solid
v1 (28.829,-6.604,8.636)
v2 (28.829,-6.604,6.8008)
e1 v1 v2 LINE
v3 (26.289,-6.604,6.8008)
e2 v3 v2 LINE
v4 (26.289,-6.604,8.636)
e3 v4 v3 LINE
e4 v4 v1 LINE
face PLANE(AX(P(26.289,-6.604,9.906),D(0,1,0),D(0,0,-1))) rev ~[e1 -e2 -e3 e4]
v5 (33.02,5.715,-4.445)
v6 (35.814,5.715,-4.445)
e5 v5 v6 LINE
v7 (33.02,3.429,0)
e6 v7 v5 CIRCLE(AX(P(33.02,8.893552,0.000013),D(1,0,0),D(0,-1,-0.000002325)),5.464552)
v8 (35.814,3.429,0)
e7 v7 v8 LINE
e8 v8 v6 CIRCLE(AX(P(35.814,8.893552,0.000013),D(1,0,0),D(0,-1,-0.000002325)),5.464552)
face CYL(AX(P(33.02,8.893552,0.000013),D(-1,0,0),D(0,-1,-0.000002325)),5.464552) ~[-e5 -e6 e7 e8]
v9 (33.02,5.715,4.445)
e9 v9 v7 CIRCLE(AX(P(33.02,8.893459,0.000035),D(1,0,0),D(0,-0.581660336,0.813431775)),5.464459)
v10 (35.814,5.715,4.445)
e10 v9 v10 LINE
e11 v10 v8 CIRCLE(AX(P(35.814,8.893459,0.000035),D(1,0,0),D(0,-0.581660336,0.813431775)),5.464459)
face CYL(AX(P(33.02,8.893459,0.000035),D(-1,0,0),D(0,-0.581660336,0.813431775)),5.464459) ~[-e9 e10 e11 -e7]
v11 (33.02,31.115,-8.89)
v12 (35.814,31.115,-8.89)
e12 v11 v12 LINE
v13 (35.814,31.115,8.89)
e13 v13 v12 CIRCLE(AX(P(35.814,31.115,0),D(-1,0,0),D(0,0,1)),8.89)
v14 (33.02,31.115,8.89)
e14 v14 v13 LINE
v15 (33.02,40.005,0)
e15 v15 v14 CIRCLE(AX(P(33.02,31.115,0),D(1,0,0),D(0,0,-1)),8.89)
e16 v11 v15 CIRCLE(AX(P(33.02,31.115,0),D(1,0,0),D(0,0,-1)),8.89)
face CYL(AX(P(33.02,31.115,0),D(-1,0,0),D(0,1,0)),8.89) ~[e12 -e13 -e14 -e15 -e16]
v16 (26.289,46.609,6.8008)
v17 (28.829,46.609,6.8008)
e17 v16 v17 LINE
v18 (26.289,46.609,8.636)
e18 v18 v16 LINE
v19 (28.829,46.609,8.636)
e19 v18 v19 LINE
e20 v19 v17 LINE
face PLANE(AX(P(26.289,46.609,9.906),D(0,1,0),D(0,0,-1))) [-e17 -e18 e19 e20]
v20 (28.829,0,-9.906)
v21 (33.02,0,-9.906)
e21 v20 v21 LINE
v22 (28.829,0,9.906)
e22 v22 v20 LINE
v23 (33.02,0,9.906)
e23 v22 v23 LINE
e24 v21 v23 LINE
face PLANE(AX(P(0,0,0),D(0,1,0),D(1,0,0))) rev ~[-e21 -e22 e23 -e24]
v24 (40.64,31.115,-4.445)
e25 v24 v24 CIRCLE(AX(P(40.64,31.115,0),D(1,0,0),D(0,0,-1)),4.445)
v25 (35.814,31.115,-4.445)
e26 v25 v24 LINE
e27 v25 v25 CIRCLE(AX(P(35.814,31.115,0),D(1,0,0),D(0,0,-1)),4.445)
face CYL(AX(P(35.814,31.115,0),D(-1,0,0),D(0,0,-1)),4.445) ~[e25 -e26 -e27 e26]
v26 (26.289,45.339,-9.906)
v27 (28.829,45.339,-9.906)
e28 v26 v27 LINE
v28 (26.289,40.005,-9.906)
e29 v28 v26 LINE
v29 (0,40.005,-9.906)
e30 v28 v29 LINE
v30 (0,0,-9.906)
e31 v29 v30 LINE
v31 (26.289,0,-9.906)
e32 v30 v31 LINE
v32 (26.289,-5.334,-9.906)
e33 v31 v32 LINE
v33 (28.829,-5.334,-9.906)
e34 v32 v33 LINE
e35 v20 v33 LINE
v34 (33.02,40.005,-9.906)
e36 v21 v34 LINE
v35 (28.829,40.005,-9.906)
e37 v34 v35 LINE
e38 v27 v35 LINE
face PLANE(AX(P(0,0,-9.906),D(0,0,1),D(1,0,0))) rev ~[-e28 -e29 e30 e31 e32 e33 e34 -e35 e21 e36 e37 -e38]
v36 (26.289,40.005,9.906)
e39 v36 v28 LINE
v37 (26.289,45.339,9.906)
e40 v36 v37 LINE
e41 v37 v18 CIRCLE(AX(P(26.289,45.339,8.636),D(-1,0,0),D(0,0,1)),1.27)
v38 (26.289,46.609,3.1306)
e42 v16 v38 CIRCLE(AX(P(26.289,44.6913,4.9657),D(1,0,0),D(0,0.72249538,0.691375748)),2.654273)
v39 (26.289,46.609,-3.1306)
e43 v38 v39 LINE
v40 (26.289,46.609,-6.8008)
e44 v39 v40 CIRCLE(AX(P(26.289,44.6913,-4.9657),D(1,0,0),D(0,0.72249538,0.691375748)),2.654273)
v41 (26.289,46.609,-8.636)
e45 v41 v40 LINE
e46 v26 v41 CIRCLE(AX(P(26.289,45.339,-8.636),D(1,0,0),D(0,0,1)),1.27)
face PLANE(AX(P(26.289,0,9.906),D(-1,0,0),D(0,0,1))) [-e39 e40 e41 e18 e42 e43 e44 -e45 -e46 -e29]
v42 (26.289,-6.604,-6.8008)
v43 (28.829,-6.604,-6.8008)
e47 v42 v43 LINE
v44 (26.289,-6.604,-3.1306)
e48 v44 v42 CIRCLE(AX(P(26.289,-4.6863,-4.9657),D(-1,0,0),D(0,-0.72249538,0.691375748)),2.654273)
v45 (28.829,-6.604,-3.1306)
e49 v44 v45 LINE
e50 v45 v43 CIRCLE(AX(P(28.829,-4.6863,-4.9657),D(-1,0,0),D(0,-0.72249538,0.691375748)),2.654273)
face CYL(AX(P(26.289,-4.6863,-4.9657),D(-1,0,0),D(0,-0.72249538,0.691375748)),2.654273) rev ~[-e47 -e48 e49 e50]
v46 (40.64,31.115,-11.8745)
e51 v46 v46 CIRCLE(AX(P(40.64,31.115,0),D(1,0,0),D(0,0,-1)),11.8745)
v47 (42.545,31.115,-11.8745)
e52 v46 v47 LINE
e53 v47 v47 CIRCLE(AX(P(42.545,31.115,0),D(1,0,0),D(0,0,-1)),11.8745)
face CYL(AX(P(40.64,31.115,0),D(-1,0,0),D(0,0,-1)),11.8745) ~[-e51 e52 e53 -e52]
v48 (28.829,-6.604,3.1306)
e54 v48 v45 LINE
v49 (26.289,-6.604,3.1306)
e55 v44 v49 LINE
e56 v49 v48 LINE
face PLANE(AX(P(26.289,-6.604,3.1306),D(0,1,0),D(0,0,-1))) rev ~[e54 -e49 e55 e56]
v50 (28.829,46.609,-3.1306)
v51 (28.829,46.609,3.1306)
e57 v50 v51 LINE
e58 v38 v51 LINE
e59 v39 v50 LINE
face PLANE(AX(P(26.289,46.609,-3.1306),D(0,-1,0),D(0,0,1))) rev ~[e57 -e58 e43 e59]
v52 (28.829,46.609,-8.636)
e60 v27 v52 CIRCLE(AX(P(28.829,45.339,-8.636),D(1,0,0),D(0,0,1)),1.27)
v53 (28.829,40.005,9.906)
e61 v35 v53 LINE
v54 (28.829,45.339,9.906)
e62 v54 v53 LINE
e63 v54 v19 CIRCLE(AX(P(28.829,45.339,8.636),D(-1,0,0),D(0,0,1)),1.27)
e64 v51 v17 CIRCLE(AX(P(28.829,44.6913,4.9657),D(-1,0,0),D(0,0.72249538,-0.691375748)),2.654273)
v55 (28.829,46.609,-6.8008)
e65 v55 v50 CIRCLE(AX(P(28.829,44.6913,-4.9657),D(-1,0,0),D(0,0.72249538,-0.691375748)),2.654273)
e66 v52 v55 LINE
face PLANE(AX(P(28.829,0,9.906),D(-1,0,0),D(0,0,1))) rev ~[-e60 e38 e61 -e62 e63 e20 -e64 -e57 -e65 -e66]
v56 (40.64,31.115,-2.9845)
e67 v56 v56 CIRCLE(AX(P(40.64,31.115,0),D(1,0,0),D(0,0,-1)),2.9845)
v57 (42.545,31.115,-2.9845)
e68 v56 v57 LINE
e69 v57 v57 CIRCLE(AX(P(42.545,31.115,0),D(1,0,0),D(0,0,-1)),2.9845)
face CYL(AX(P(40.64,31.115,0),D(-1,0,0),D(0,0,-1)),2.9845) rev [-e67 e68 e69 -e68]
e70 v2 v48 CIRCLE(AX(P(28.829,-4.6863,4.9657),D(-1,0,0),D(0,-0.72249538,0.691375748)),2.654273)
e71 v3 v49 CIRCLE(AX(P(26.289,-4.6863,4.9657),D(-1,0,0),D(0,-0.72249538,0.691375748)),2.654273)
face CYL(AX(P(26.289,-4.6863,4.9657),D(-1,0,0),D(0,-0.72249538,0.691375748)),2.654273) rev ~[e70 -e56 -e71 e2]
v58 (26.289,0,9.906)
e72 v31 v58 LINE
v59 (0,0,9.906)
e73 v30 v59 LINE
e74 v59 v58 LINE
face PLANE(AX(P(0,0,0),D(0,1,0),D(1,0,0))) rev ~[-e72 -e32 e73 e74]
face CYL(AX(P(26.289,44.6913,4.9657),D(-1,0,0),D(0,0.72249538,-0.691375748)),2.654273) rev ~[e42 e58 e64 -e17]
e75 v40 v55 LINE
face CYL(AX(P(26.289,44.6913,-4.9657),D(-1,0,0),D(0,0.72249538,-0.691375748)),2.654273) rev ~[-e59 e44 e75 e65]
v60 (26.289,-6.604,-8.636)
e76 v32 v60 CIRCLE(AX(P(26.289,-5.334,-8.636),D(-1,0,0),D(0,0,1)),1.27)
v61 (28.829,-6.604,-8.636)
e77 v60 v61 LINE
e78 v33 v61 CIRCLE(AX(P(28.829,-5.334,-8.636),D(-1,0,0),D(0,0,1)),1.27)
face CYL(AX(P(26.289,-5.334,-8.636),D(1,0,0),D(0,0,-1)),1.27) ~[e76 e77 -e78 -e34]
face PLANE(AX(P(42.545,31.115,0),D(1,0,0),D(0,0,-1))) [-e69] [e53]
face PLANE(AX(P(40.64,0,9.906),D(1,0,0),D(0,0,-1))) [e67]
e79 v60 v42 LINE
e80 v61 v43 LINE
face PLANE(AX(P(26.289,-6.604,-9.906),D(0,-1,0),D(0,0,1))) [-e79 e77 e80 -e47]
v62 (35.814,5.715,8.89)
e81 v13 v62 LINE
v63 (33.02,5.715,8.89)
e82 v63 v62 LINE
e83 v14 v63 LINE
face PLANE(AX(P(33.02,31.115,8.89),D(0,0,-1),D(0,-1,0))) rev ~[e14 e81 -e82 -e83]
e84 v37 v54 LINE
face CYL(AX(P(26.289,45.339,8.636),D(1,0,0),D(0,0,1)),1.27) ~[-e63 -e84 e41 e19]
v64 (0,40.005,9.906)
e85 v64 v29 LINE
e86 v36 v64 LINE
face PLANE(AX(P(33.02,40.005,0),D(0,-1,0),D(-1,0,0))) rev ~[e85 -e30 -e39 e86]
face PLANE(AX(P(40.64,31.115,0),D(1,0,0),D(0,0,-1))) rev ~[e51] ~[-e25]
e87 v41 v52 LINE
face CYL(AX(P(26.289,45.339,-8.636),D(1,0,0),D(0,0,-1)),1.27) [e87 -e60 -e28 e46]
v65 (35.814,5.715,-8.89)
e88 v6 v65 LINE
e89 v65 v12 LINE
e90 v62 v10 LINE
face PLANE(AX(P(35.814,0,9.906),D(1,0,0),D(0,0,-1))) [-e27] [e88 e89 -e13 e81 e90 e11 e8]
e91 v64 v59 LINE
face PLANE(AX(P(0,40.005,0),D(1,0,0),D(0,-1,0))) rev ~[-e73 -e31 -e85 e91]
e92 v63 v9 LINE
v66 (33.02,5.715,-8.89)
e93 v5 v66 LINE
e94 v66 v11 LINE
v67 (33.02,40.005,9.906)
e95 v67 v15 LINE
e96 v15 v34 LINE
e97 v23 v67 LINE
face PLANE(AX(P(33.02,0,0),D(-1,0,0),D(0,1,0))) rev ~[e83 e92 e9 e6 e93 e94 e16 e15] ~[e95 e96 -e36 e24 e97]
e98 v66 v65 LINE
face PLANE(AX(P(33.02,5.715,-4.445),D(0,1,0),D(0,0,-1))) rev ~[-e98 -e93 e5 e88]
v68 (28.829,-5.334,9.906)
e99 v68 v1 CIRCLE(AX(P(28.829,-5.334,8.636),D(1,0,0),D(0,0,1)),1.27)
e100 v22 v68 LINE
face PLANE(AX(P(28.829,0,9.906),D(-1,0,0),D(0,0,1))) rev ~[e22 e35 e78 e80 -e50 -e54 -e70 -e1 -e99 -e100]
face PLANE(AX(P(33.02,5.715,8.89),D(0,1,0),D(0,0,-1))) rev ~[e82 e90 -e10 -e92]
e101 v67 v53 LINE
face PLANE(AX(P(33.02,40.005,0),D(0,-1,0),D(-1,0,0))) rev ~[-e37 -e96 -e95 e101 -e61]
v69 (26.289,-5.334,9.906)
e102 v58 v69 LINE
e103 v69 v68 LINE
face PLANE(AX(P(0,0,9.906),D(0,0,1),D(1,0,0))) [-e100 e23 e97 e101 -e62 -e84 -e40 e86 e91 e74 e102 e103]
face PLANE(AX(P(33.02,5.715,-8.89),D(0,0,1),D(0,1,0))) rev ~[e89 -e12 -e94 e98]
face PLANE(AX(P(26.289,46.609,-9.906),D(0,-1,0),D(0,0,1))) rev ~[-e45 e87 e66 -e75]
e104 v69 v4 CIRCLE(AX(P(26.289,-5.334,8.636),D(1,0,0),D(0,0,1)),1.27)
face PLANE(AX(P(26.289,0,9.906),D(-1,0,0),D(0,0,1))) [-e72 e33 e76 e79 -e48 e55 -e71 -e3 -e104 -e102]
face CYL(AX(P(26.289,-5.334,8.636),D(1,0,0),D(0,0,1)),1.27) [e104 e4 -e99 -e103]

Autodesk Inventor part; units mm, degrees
ref_plane "YZ Plane" through (0, 0, 0) normal (1, 0, 0) x (0, 1, 0)
ref_plane "XZ Plane" through (0, 0, 0) normal (0, 1, 0) x (-1, 0, 0)
ref_plane "XY Plane" through (0, 0, 0) normal (0, 0, 1) x (1, 0, 0)
sketch "Sketch1" plane through (0, 0, 0) normal (0, 0, 1) x (1, 0, 0)
  line L0 (0, 0) -> (33.02, 0)
  line L1 (33.02, 0) -> (33.02, 40.005)
  line L2 (33.02, 40.005) -> (0, 40.005)
  line L3 (0, 40.005) -> (0, 0)
  dimension "d0" = 33.02
  dimension "d1" = 40.005
extrude "Extrusion1" add sketch "Sketch1" along normal mid plane 19.812
ref_plane "Work Plane1" through (26.289, 0, 9.906) normal (-1, 0, 0) x (0, 0, 1)
sketch "Sketch2" plane through (26.289, 0, 9.906) normal (-1, 0, 0) x (0, 0, 1)
  line L0 (-19.812, 40.005) -> (0, 40.005) projected
  line L1 (-19.812, 0) -> (0, 0) projected
  line L2 (-9.906, 40.005) -> (0, 40.005)
  line L3 (0, 40.005) -> (0, 46.609)
  line L4 (-9.906, 46.609) -> (-9.906, 44.323)
  arc A0 (-6.7754, 46.609) -> (-3.1052, 46.609) centre (-4.9403, 44.6913) ccw
  line L5 (0, 44.6913) -> (-2.286, 44.6913)
  line L6 (-4.9403, 40.005) -> (-4.9403, 42.037)
  line L7 (-9.906, 40.005) -> (-9.2583, 40.005)
  line L8 (-9.2583, 40.005) -> (-9.2583, 44.323)
  line L9 (-9.2583, 44.323) -> (-9.906, 44.323)
  line L10 (-9.906, 44.323) -> (-9.906, 40.005)
  line L11 (0, 46.609) -> (-3.1052, 46.609)
  line L12 (-6.7754, 46.609) -> (-9.906, 46.609)
  line L13 (-9.906, 40.005) -> (-19.812, 40.005)
  line L14 (-19.812, 40.005) -> (-19.812, 46.609)
  arc A1 (-16.7068, 46.609) -> (-13.0366, 46.609) centre (-14.8717, 44.6913) ccw
  line L15 (-19.812, 44.6913) -> (-17.526, 44.6913)
  line L16 (-14.8717, 40.005) -> (-14.8717, 42.037)
  line L17 (-10.5537, 40.005) -> (-10.5537, 44.323)
  line L18 (-10.5537, 44.323) -> (-9.906, 44.323)
  line L19 (-19.812, 46.609) -> (-16.7068, 46.609)
  line L20 (-13.0366, 46.609) -> (-9.906, 46.609)
  line L21 (0, 0) -> (0, 40.005) projected
  line L22 (-19.812, 40.005) -> (-19.812, 0) projected
  line L23 (0, 20.0025) -> (-19.812, 20.0025) construction
  line L24 (-19.812, 0) -> (0, 0)
  line L25 (0, 0) -> (0, -6.604)
  arc A2 (-3.1052, -6.604) -> (-6.7754, -6.604) centre (-4.9403, -4.6863) ccw
  line L26 (-9.2583, 0) -> (-9.2583, -4.318)
  line L27 (-9.2583, -4.318) -> (-9.906, -4.318)
  line L28 (0, -6.604) -> (-3.1052, -6.604)
  line L29 (-6.7754, -6.604) -> (-9.906, -6.604)
  line L30 (-19.812, -6.604) -> (-16.7068, -6.604)
  line L31 (-19.812, 0) -> (-19.812, -6.604)
  arc A3 (-13.0366, -6.604) -> (-16.7068, -6.604) centre (-14.8717, -4.6863) ccw
  line L32 (-9.906, 0) -> (-19.812, 0)
  line L33 (-10.5537, 0) -> (-10.5537, -4.318)
  line L34 (-10.5537, -4.318) -> (-9.906, -4.318)
  line L35 (-13.0366, -6.604) -> (-9.906, -6.604)
  dimension "d5" = 6.604
  dimension "d6" = 2.286
  dimension "d7" = 2.032
  dimension "d8" = 0.6477
  dimension "d9" = 4.318
  dimension "d11" = 4.318
extrude "Extrusion2" add sketch "Sketch2" against normal blind 2.54 contours L14 L15 A1 L16 L0 | L16 A1 L20 L4 L18 L17 L0 | L14 L19 A1 L15 | L1 L33 L34 L27 L26 L25 L28 A2 L29 L35 A3 L30 L31 | L17 L18 L10 L0 | L1 L26 L27 L34 L33 | L10 L9 L8 L0 | L8 L9 L4 L12 A0 L6 L0 | L6 A0 L5 L3 L0 | L5 A0 L11 L3
fillet "Fillet1" radius 1.27 4 edges at (27.559, 46.609, 9.906) (27.559, 46.609, -9.906) (27.559, -6.604, 9.906) (27.559, -6.604, -9.906)
sketch "Sketch3" plane through (33.02, 0, 9.906) normal (1, 0, 0) x (0, 0, -1)
  line L0 (1.016, 5.715) -> (18.796, 5.715)
  line L1 (18.796, 5.715) -> (18.796, 31.115)
  line L2 (9.906, 40.005) -> (9.906, 40.005)
  line L3 (1.016, 31.115) -> (1.016, 5.715)
  line L4 (19.812, 40.005) -> (0, 40.005) construction
  line L5 (0, 0) -> (0, 40.005) construction
  arc A0 (9.906, 40.005) -> (1.016, 31.115) centre (9.906, 31.115) ccw
  arc A1 (18.796, 31.115) -> (9.906, 40.005) centre (9.906, 31.115) ccw
  line L6 (9.906, 5.715) -> (9.906, 3.429) construction
  arc A2 (5.461, 5.715) -> (9.906, 3.429) centre (9.906, 8.8935) ccw
  arc A3 (9.906, 3.429) -> (14.351, 5.715) centre (9.906, 8.8935) ccw
  point P0 (9.906, 0)
  point P1 (18.796, 40.005)
  point P2 (1.016, 40.005)
  dimension "d15" = 17.78
  dimension "d16" = 34.29
  dimension "d17" = 1.016
  dimension "d18" = 8.89
  dimension "d19" = 2.286
  dimension "d20" = 8.89
  dimension "d21" = 4.445
extrude "Extrusion3" add sketch "Sketch3" along normal blind 2.794
sketch "Sketch4" plane through (35.814, 0, 9.906) normal (1, 0, 0) x (0, 0, -1)
  arc A0 (18.796, 31.115) -> (1.016, 31.115) centre (9.906, 31.115) ccw projected
  circle A1 centre (9.906, 31.115) radius 4.445
  point P0 (9.906, 0)
  dimension "d24" = 8.89
extrude "Extrusion4" add sketch "Sketch4" along normal blind 4.826
sketch "Sketch5" plane through (40.64, 31.115, 0) normal (1, 0, 0) x (0, 0, -1)
  circle A0 centre (0, 0) radius 11.8745
  circle A1 centre (0, 0) radius 2.9845
  point P0 (0, -31.115)
  dimension "d27" = 23.749
  dimension "d28" = 5.969
extrude "Extrusion5" add sketch "Sketch5" along normal blind 1.905
properties part number "HS-322HD"
